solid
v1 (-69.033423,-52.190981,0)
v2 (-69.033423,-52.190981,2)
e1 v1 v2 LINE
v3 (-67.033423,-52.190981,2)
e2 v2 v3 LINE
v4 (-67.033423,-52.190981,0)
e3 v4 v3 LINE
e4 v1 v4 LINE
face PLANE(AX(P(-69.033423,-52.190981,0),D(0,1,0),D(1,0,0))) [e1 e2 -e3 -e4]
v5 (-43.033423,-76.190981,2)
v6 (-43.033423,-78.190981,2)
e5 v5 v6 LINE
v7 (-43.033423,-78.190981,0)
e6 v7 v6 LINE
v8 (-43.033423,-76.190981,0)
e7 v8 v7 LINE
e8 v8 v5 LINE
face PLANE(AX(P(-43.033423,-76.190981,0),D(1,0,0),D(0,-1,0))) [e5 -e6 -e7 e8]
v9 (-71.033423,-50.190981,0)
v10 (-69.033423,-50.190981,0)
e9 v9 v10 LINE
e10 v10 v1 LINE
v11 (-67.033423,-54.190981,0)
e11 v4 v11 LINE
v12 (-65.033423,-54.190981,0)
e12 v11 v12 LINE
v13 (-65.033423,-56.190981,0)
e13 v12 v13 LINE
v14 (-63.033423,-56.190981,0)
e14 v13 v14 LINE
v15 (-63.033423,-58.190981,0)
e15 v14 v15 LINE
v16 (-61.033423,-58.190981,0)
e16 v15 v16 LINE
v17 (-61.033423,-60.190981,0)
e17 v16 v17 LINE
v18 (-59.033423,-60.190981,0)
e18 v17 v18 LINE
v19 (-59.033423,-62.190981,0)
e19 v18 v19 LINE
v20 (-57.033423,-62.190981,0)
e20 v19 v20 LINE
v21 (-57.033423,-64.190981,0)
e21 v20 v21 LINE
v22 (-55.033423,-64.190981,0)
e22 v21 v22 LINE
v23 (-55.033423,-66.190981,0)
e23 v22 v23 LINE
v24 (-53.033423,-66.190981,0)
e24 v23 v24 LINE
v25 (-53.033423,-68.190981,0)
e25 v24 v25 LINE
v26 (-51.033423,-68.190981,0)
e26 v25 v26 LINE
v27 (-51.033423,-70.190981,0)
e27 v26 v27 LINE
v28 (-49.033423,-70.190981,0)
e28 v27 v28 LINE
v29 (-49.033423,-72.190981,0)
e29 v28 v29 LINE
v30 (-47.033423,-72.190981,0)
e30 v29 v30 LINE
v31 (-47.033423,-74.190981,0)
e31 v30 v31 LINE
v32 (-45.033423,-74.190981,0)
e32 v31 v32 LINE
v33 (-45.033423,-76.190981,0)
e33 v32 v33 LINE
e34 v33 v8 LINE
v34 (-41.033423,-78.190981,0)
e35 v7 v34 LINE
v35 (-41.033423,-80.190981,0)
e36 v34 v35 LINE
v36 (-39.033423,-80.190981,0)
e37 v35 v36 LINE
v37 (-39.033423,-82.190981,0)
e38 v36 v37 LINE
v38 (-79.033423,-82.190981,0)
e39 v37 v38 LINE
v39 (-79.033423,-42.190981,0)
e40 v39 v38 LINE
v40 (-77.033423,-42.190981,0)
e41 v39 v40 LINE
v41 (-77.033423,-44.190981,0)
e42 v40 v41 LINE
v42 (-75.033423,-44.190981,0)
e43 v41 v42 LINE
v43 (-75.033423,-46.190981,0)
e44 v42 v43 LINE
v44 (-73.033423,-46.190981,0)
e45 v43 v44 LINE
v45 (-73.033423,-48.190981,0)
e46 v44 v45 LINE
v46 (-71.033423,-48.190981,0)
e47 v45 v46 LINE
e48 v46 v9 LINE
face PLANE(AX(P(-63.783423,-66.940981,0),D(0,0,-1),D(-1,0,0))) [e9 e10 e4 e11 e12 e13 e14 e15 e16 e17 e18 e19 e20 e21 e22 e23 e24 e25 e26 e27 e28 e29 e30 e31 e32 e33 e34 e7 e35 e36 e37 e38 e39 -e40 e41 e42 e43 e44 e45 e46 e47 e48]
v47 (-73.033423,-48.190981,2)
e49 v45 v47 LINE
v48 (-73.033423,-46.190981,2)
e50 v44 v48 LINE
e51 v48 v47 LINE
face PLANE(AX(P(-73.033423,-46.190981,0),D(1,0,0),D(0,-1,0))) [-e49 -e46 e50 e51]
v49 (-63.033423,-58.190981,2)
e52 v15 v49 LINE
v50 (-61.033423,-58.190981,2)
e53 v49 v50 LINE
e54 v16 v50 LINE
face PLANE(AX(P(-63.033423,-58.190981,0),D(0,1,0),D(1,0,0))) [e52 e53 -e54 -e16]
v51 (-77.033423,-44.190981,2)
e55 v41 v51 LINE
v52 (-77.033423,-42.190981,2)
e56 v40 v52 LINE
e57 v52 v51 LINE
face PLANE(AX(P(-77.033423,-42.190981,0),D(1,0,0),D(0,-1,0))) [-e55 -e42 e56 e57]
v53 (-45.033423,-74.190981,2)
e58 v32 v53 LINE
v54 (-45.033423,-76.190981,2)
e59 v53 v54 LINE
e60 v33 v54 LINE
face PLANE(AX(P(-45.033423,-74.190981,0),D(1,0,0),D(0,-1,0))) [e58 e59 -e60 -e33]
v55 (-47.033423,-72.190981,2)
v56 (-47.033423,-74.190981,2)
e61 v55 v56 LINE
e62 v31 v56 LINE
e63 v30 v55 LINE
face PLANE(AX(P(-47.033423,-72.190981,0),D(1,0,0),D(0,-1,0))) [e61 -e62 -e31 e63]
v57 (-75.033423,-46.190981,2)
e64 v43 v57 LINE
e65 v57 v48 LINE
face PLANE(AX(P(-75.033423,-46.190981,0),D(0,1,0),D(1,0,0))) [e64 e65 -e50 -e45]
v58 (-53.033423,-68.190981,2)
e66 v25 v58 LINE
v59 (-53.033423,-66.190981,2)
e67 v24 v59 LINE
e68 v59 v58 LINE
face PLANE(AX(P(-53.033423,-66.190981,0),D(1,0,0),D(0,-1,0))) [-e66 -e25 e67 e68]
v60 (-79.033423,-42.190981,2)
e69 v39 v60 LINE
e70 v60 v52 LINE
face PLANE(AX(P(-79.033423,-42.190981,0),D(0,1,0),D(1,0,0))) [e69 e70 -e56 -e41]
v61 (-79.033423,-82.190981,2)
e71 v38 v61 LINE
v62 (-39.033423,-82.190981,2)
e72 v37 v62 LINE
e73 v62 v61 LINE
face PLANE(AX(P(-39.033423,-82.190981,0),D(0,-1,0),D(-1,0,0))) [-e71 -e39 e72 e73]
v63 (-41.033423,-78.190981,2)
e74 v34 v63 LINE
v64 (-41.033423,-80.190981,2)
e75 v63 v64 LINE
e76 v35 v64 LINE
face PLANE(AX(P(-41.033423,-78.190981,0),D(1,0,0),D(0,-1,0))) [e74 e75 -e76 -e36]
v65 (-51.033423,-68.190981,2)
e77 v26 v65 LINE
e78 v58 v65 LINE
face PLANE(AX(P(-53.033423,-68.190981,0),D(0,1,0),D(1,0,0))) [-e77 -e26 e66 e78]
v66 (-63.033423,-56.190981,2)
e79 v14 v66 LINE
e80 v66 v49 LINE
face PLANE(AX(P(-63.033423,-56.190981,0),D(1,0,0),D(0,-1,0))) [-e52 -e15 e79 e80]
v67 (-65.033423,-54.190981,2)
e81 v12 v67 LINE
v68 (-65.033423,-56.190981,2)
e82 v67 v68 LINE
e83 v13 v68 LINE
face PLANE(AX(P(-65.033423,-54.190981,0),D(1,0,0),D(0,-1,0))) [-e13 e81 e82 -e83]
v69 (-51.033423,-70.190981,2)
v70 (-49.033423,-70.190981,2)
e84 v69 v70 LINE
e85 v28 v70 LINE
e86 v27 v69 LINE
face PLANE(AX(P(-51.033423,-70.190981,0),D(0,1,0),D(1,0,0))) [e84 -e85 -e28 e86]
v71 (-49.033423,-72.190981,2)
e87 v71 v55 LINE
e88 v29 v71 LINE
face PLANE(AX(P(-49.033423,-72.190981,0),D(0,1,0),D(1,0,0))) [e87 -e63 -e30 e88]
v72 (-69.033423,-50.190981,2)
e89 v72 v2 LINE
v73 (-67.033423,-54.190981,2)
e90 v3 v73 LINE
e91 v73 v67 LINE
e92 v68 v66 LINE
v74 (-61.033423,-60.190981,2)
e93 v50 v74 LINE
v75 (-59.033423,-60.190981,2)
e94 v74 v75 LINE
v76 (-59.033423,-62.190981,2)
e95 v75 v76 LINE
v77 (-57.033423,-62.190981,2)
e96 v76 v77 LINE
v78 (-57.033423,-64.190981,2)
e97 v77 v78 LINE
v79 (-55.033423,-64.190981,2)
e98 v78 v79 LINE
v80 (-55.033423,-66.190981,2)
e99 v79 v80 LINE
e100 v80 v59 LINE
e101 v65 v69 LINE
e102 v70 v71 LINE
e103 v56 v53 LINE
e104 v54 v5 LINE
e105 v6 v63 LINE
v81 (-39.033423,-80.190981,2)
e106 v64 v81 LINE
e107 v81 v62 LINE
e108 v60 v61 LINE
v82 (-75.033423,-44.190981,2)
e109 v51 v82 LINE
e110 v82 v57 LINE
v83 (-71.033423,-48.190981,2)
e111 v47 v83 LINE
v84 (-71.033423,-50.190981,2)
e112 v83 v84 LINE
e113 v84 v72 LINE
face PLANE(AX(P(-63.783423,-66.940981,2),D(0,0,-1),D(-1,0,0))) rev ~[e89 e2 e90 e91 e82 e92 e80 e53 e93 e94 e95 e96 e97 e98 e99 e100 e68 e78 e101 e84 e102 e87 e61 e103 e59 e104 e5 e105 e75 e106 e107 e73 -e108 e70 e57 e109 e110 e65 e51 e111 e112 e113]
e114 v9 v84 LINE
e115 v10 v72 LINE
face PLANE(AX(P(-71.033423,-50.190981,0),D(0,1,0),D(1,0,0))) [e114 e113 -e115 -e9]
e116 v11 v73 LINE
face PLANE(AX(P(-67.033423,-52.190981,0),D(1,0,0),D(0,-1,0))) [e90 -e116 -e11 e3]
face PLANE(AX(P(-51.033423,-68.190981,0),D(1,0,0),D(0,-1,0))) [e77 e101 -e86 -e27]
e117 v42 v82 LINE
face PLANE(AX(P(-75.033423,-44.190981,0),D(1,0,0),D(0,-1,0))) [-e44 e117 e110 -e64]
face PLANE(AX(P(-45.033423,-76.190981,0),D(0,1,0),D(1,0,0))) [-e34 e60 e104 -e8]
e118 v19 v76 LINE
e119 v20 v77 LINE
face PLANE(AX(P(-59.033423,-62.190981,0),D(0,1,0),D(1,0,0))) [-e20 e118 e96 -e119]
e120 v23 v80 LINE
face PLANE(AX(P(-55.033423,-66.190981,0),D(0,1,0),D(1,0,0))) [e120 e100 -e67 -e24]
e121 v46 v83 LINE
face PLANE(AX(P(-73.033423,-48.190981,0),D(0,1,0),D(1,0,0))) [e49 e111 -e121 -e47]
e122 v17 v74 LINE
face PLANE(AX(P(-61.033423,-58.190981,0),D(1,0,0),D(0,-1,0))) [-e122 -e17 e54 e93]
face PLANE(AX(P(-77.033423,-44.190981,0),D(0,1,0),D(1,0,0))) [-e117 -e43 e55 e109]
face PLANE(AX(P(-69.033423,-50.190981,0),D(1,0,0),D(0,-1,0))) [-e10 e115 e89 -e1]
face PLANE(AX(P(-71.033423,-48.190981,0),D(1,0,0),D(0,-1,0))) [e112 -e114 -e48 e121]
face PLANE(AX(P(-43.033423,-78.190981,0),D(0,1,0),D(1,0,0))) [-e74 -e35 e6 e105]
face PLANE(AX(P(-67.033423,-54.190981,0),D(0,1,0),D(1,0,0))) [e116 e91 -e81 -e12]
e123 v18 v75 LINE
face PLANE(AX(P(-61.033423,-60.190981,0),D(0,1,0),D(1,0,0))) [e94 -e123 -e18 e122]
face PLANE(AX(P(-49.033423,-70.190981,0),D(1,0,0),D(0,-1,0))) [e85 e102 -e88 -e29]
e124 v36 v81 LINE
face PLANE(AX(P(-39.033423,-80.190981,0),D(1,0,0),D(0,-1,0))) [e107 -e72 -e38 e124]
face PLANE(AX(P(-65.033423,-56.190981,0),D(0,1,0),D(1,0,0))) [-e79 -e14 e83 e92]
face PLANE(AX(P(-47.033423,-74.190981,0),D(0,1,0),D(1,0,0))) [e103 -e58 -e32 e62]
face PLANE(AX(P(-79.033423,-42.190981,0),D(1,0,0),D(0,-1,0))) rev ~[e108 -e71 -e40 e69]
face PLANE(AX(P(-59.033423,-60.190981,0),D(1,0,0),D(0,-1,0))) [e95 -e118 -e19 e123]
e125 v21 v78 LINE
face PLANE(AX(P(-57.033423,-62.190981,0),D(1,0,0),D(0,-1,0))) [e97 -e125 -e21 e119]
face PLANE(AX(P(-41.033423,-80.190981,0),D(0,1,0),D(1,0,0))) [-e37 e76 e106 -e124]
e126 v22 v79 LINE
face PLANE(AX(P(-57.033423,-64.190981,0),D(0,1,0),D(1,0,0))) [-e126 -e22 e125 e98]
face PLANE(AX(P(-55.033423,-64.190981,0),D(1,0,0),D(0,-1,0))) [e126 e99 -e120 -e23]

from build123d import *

# Parameters (mm, degrees)
BOSS_EXTRUDE1_DEPTH = 2


with BuildPart() as part:
    # Sketch1 → Boss-Extrude1 (new body)
    with BuildSketch(Plane.XY):
        Polygon((-79.033423275, -42.190980898), (-77.033423275, -42.190980898), (-77.033423275, -44.190980898), (-75.033423275, -44.190980898), (-75.033423275, -46.190980898), (-73.033423275, -46.190980898), (-73.033423275, -48.190980898), (-71.033423275, -48.190980898), (-71.033423275, -50.190980898), (-69.033423275, -50.190980898), (-69.033423275, -52.190980898), (-67.033423275, -52.190980898), (-67.033423275, -54.190980898), (-65.033423275, -54.190980898), (-65.033423275, -56.190980898), (-63.033423275, -56.190980898), (-63.033423275, -58.190980898), (-61.033423275, -58.190980898), (-61.033423275, -60.190980898), (-59.033423275, -60.190980898), (-59.033423275, -62.190980898), (-57.033423275, -62.190980898), (-57.033423275, -64.190980898), (-55.033423275, -64.190980898), (-55.033423275, -66.190980898), (-53.033423275, -66.190980898), (-53.033423275, -68.190980898), (-51.033423275, -68.190980898), (-51.033423275, -70.190980898), (-49.033423275, -70.190980898), (-49.033423275, -72.190980898), (-47.033423275, -72.190980898), (-47.033423275, -74.190980898), (-45.033423275, -74.190980898), (-45.033423275, -76.190980898), (-43.033423275, -76.190980898), (-43.033423275, -78.190980898), (-41.033423275, -78.190980898), (-41.033423275, -80.190980898), (-39.033423275, -80.190980898), (-39.033423275, -82.190980898), (-79.033423275, -82.190980898), (-79.033423275, -80.190980898), (-79.033423275, -78.190980898), (-79.033423275, -76.190980898), (-79.033423275, -74.190980898), (-79.033423275, -72.190980898), (-79.033423275, -70.190980898), (-79.033423275, -68.190980898), (-79.033423275, -66.190980898), (-79.033423275, -64.190980898), (-79.033423275, -62.190980898), (-79.033423275, -60.190980898), (-79.033423275, -58.190980898), (-79.033423275, -56.190980898), (-79.033423275, -54.190980898), (-79.033423275, -52.190980898), (-79.033423275, -50.190980898), (-79.033423275, -48.190980898), (-79.033423275, -46.190980898), (-79.033423275, -44.190980898), align=None)
    extrude(amount=BOSS_EXTRUDE1_DEPTH)


solid = part.part
